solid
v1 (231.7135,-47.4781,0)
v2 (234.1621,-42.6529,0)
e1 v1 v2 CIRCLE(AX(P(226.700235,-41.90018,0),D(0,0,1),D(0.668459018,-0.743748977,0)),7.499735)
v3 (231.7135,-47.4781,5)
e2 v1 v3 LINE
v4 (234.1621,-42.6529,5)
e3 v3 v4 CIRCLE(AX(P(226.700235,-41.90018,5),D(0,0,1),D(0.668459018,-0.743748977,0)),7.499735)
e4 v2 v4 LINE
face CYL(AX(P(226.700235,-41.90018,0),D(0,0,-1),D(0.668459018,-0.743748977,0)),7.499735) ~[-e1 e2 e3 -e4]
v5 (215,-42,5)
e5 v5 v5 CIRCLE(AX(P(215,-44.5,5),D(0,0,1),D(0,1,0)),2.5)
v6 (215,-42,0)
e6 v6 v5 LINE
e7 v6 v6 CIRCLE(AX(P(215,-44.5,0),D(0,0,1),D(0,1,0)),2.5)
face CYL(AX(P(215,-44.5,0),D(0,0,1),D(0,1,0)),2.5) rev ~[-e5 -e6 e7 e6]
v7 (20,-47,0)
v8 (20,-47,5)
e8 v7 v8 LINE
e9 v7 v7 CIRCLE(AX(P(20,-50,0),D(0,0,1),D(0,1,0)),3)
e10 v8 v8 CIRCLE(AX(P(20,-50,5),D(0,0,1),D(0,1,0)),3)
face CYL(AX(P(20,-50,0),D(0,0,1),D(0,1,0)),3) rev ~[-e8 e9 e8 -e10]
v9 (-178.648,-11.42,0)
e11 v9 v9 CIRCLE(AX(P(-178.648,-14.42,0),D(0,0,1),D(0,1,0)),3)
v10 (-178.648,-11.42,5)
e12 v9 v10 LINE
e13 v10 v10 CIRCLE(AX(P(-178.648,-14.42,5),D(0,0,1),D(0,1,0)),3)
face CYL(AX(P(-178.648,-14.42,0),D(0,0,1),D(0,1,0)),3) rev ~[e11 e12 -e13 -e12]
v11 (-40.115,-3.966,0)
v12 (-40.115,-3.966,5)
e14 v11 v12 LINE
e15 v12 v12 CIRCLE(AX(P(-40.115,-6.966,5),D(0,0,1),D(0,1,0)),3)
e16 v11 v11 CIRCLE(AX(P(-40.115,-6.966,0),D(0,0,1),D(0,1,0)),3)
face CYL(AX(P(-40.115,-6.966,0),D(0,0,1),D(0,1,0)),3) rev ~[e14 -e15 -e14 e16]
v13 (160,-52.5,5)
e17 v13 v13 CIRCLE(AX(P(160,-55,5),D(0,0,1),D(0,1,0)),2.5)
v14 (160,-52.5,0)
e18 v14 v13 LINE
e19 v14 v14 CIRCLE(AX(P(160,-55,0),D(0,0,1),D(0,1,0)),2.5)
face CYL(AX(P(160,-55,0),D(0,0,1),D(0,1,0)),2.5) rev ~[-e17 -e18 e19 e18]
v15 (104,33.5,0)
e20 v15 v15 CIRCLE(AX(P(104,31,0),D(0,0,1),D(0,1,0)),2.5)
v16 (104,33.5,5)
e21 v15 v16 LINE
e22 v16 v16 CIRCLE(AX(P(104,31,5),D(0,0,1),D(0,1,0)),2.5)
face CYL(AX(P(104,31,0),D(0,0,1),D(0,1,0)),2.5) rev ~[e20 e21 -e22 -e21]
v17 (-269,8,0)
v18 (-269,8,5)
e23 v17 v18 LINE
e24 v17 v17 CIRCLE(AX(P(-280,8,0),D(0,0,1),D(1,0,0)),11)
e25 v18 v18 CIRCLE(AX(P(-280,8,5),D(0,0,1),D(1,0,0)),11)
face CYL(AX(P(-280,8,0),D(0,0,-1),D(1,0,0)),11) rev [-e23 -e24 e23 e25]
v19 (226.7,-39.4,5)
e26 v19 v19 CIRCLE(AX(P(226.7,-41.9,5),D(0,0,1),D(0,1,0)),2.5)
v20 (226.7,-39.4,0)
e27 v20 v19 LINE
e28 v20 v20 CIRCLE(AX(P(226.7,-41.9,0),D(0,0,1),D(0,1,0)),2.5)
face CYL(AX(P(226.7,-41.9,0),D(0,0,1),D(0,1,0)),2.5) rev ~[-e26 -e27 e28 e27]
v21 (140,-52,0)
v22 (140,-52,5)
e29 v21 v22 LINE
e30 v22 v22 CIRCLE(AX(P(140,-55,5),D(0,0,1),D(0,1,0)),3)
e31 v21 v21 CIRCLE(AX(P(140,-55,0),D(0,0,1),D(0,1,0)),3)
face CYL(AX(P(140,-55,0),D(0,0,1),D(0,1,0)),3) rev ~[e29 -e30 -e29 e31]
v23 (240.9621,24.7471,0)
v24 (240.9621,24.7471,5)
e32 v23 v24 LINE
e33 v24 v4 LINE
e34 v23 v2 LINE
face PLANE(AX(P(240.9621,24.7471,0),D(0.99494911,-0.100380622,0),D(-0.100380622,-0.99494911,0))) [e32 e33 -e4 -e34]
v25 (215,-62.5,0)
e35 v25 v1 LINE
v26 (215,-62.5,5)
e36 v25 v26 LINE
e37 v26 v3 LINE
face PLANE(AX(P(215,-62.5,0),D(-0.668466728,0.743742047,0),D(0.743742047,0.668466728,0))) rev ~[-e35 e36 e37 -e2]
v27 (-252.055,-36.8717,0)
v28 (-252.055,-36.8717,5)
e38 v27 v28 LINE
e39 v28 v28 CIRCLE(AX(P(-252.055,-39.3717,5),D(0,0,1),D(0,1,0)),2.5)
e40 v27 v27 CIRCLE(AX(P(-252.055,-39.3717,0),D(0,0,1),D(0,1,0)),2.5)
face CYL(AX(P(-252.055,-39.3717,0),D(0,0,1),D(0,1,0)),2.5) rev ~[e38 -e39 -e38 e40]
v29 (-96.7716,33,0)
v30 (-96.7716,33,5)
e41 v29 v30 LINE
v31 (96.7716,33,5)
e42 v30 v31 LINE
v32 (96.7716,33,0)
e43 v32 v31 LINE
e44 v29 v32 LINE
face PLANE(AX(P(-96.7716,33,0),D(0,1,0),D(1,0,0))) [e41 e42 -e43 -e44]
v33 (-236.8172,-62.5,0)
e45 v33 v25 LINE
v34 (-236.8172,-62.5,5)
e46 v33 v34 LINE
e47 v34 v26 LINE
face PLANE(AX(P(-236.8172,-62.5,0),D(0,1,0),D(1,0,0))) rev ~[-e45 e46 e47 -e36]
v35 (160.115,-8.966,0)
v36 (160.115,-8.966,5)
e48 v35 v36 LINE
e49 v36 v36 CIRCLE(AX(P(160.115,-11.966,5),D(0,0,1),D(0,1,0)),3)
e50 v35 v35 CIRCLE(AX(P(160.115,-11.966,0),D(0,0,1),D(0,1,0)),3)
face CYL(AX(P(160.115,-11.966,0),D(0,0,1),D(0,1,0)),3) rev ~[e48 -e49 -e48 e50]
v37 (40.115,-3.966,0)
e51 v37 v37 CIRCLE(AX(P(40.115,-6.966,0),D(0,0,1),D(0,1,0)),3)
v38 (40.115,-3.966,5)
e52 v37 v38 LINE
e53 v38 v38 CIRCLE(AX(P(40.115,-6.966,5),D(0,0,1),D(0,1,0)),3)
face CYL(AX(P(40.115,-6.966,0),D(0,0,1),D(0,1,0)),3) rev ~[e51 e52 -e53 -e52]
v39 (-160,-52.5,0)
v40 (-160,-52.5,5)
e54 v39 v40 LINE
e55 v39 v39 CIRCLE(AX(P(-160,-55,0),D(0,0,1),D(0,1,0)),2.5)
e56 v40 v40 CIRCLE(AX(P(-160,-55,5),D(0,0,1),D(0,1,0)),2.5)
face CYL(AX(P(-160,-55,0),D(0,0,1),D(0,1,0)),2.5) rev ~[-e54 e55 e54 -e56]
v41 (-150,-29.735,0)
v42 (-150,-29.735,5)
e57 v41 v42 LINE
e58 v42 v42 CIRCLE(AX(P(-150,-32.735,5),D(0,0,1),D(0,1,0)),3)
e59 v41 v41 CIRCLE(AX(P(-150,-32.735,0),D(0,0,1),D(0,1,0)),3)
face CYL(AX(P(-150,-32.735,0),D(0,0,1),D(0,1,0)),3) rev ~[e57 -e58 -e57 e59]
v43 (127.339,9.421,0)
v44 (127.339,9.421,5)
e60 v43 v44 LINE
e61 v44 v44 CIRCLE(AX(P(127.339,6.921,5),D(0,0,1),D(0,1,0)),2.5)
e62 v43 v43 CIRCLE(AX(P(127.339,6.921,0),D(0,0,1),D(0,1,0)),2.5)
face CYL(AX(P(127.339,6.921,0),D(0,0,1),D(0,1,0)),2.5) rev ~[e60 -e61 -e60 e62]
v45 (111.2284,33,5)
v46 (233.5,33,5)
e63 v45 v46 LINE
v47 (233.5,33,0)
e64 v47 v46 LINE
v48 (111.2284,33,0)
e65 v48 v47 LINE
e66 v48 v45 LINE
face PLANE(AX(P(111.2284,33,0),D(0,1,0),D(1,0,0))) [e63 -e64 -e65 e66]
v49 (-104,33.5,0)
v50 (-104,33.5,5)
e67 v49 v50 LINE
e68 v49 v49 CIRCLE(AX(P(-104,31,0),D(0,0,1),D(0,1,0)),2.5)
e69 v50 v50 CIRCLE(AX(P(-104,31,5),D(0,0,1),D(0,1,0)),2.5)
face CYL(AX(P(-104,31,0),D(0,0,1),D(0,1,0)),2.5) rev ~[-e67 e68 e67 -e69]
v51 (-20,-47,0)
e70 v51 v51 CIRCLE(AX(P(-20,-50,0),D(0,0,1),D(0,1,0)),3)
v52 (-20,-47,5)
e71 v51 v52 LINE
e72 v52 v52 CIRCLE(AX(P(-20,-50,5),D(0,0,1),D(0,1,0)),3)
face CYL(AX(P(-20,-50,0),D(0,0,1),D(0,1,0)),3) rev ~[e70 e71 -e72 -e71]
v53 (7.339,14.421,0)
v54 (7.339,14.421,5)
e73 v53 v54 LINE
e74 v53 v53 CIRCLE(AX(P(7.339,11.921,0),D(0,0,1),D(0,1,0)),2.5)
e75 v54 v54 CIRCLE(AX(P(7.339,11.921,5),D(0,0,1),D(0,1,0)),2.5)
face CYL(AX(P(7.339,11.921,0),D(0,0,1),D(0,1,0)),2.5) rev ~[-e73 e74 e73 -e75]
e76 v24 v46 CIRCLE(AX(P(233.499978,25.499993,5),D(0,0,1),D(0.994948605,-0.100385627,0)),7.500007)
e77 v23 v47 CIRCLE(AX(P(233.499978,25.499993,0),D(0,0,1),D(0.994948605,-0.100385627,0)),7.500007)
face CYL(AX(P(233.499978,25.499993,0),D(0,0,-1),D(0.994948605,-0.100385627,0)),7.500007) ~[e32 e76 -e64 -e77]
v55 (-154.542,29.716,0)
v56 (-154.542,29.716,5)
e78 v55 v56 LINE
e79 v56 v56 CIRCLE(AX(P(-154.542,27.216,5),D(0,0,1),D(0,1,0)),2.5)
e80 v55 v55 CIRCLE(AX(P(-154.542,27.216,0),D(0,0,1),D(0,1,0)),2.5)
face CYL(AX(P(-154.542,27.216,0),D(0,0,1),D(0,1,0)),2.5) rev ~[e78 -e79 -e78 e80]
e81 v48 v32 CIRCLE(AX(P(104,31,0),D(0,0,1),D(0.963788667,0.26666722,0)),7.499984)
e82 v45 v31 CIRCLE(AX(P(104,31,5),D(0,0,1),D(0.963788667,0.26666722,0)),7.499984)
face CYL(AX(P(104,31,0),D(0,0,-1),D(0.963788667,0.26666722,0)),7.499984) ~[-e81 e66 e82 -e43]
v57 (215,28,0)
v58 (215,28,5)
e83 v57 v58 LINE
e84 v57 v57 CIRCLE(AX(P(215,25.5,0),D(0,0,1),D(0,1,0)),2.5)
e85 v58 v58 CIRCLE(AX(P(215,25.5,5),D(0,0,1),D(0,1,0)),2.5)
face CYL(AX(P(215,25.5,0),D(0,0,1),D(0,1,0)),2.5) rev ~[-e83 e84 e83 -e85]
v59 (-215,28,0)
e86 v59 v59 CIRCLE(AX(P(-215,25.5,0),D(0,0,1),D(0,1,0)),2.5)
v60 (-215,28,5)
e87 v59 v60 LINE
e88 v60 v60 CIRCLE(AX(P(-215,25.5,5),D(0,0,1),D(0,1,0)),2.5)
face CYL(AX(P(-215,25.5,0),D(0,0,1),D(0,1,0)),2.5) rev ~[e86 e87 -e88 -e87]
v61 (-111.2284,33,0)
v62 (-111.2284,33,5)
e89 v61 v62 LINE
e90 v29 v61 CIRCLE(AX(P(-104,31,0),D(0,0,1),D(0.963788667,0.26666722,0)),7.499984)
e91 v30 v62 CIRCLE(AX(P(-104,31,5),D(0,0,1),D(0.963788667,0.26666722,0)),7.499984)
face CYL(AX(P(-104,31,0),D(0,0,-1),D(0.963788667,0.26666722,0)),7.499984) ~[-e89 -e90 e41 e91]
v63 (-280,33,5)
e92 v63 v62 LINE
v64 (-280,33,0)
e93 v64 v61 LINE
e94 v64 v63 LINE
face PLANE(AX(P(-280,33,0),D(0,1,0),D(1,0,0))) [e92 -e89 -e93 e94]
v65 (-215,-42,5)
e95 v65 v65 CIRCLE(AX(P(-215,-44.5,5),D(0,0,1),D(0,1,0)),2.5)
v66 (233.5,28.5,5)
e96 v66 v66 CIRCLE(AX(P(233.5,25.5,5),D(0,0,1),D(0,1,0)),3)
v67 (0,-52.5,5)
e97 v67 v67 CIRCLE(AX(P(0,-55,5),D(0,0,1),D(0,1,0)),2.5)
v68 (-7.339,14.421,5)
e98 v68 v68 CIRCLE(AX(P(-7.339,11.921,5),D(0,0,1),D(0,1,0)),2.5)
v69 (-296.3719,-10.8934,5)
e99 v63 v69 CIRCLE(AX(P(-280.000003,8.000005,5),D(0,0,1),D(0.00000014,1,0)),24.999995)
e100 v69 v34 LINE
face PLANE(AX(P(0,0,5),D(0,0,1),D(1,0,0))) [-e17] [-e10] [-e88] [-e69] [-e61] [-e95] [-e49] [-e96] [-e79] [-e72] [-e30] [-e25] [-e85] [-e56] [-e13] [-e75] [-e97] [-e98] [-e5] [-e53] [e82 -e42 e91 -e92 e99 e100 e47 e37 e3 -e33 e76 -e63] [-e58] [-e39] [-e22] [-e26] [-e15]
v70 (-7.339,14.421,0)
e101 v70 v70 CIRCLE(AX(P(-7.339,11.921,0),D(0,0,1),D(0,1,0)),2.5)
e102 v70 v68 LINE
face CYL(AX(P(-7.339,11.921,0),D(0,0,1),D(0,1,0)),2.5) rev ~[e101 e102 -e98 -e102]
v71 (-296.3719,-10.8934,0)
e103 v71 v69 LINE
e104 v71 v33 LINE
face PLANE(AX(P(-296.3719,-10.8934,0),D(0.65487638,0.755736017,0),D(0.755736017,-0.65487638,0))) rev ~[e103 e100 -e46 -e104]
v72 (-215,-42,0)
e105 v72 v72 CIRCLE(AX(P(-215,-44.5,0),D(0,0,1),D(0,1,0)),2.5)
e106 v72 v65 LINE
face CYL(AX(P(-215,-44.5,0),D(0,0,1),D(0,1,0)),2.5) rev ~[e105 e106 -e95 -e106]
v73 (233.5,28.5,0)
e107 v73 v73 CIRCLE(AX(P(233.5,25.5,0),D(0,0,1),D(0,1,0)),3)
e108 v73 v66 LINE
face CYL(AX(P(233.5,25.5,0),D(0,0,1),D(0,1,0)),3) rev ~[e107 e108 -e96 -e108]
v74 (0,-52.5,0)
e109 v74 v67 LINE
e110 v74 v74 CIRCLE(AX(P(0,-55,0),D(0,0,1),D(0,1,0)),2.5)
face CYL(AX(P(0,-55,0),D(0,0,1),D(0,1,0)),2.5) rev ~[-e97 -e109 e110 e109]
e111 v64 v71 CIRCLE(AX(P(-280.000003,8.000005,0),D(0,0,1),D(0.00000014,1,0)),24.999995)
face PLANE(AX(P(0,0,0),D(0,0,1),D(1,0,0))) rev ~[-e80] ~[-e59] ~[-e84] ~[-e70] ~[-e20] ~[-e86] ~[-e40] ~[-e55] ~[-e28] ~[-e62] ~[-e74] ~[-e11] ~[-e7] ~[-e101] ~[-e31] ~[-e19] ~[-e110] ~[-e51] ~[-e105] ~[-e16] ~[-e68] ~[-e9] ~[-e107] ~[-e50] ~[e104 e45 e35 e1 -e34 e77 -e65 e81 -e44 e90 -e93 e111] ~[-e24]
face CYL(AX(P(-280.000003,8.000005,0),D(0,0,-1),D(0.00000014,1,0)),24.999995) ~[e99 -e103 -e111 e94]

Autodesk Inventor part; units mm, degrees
ref_plane "YZ Plane" through (0, 0, 0) normal (1, 0, 0) x (0, 1, 0)
ref_plane "XZ Plane" through (0, 0, 0) normal (0, 1, 0) x (-1, 0, 0)
ref_plane "XY Plane" through (0, 0, 0) normal (0, 0, 1) x (1, 0, 0)
sketch "Szkic1" plane through (0, 0, 0) normal (0, 0, 1) x (1, 0, 0)
  line L0 (-215, -55) -> (215, -55) construction
  line L1 (215, -55) -> (215, 55) construction
  line L2 (215, 55) -> (-215, 55) construction
  line L3 (-215, 55) -> (-215, -55) construction
  line L4 (-215, -55) -> (215, 55) construction
  line L5 (215, -55) -> (-215, 55) construction
  circle A0 centre (-280, 8) radius 41.25 construction
  circle A1 centre (-280, 8) radius 11
  arc A2 (-280, 33) -> (-296.3719, -10.8934) centre (-280, 8) ccw
  line L6 (-280, 33) -> (-111.2284, 33)
  line L7 (-236.8172, -62.5) -> (215, -62.5)
  line L8 (-296.3719, -10.8934) -> (-236.8172, -62.5)
  arc A3 (-296.3719, -10.8934) -> (-280, 33) centre (-280, 8) ccw construction
  circle A4 centre (-200, -120) radius 25 construction
  circle A5 centre (-120, -120) radius 25 construction
  circle A6 centre (-40, -120) radius 25 construction
  circle A7 centre (40, -120) radius 25 construction
  circle A8 centre (120, -120) radius 25 construction
  circle A9 centre (200, -120) radius 25 construction
  line L9 (-120, -120) -> (-40, -120) construction
  line L10 (40, -120) -> (120, -120) construction
  arc A10 (-111.2284, 33) -> (-96.7716, 33) centre (-104, 31) ccw construction
  arc A11 (96.7716, 33) -> (111.2284, 33) centre (104, 31) ccw construction
  line L11 (-96.7716, 33) -> (96.7716, 33)
  line L12 (-111.2284, 33) -> (-96.7716, 33) construction
  arc A12 (-96.7716, 33) -> (-111.2284, 33) centre (-104, 31) ccw
  arc A13 (111.2284, 33) -> (96.7716, 33) centre (104, 31) ccw
  line L13 (111.2284, 33) -> (233.5, 33)
  line L14 (96.7716, 33) -> (111.2284, 33) construction
  arc A14 (240.9621, 24.7471) -> (233.5, 33) centre (233.5, 25.5) ccw
  arc A15 (231.7135, -47.4781) -> (234.1621, -42.6529) centre (226.7, -41.9) ccw
  line L15 (240.9621, 24.7471) -> (234.1621, -42.6529)
  arc A16 (233.5, 33) -> (240.9621, 24.7471) centre (233.5, 25.5) ccw construction
  line L16 (215, -62.5) -> (231.7135, -47.4781)
  arc A17 (234.1621, -42.6529) -> (231.7135, -47.4781) centre (226.7, -41.9) ccw construction
  point P0 (0, 0)
  point P1 (-215, 25.5)
  point P2 (-215, -44.5)
  point P3 (215, 25.5)
  point P4 (215, -44.5)
  point P5 (-252.055, -39.3717)
  point P6 (-80, -120)
  point P7 (80, -120)
  point P8 (-150, -32.735)
  point P9 (-20, -50)
  point P10 (20, -50)
  point P11 (140, -55)
  point P12 (-178.648, -14.42)
  point P13 (160.115, -11.966)
  point P14 (-40.115, -6.966)
  point P15 (40.115, -6.966)
  point P16 (0, -55)
  point P17 (-160, -55)
  point P18 (160, -55)
  point P19 (-154.542, 27.216)
  point P20 (-7.339, 11.921)
  point P21 (7.339, 11.921)
  point P22 (127.339, 6.921)
  dimension "d0" = 430
  dimension "d1" = 110
  dimension "d2" = 63
  dimension "d3" = 65
  dimension "d4" = 82.5
  dimension "d7" = 22
  dimension "d8" = 50
  dimension "d9" = 17.5
  dimension "d10" = 70
  dimension "d11" = 7.5
  dimension "d12" = 7.5
  dimension "d13" = 7.5
  dimension "d15" = 55
  dimension "d16" = 15
  dimension "d17" = 50
  dimension "d18" = 65
  dimension "d21" = 80
  dimension "d26" = 23
  dimension "d27" = 208
  dimension "d28" = 104
  dimension "d29" = 15
  dimension "d30" = 15
  dimension "d31" = 18.5
  dimension "d32" = 67.4
  dimension "d33" = 6.8
  dimension "d34" = 15
  dimension "d35" = 15
  dimension "d38" = 70
  dimension "d39" = 60
  dimension "d40" = 60
  dimension "d41" = 60
  dimension "d43" = 18.315
  dimension "d44" = 39.885
  dimension "d45" = 43.034
  dimension "d46" = 39.885
  dimension "d47" = 39.885
  dimension "d48" = 40
  dimension "d49" = 40
  dimension "d50" = 59.951
  dimension "d52" = 61.921
  dimension "d53" = 12.661
  dimension "d54" = 12.661
  dimension "d55" = 12.661
  dimension "d56" = 61.921
  dimension "d73" = 130
  dimension "d74" = 40.735
  dimension "d75" = 28.648
  dimension "d76" = 4.542
  dimension "d77" = 43.034
extrude "Wyciągnięcie proste1" add sketch "Szkic1" along normal blind 5
hole "Otwór1" at (-280, 8, 0) at (-215, 25.5, 0) at (-215, -44.5, 0) at (215, 25.5, 0) at (215, -44.5, 0) at (-252.055, -39.3717, 0) at (-200, -120, 0) at (-120, -120, 0) at (-40, -120, 0) at (40, -120, 0) at (120, -120, 0) at (200, -120, 0) at (-80, -120, 0) at (80, -120, 0) at (-104, 31, 0) at (104, 31, 0) at (226.7, -41.9, 0) at (0, -55, 0) at (-160, -55, 0) at (160, -55, 0) at (-154.542, 27.216, 0) at (-7.339, 11.921, 0) at (7.339, 11.921, 0) at (127.339, 6.921, 0) direction (0, 0, 1) diameter 5 end through all
hole "Otwór2" at (233.5, 25.5, 0) at (-150, -32.735, 0) at (-20, -50, 0) at (20, -50, 0) at (140, -55, 0) at (-178.648, -14.42, 0) at (160.115, -11.966, 0) at (-40.115, -6.966, 0) at (40.115, -6.966, 0) direction (0, 0, 1) diameter 6 end through all
equation "\"d12\" = d11"
equation "\"d13\" = d11"
equation "\"d28\" = 0.5 * d27"
equation "\"d29\" = 2 * d11"
equation "\"d30\" = d29"
equation "\"d34\" = d30"
equation "\"d35\" = d34"
equation "\"d39\" = d37"
equation "\"d40\" = d39"
equation "\"d41\" = d37"
equation "\"d44\" = d47"
equation "\"d47\" = d46"
equation "\"d49\" = d48"
equation "\"d54\" = d53"
equation "\"d55\" = d54"
equation "\"d56\" = d52"
equation "\"d77\" = d45"
equation "\"d37\" = 60"
properties part number "plyta_boczna"
